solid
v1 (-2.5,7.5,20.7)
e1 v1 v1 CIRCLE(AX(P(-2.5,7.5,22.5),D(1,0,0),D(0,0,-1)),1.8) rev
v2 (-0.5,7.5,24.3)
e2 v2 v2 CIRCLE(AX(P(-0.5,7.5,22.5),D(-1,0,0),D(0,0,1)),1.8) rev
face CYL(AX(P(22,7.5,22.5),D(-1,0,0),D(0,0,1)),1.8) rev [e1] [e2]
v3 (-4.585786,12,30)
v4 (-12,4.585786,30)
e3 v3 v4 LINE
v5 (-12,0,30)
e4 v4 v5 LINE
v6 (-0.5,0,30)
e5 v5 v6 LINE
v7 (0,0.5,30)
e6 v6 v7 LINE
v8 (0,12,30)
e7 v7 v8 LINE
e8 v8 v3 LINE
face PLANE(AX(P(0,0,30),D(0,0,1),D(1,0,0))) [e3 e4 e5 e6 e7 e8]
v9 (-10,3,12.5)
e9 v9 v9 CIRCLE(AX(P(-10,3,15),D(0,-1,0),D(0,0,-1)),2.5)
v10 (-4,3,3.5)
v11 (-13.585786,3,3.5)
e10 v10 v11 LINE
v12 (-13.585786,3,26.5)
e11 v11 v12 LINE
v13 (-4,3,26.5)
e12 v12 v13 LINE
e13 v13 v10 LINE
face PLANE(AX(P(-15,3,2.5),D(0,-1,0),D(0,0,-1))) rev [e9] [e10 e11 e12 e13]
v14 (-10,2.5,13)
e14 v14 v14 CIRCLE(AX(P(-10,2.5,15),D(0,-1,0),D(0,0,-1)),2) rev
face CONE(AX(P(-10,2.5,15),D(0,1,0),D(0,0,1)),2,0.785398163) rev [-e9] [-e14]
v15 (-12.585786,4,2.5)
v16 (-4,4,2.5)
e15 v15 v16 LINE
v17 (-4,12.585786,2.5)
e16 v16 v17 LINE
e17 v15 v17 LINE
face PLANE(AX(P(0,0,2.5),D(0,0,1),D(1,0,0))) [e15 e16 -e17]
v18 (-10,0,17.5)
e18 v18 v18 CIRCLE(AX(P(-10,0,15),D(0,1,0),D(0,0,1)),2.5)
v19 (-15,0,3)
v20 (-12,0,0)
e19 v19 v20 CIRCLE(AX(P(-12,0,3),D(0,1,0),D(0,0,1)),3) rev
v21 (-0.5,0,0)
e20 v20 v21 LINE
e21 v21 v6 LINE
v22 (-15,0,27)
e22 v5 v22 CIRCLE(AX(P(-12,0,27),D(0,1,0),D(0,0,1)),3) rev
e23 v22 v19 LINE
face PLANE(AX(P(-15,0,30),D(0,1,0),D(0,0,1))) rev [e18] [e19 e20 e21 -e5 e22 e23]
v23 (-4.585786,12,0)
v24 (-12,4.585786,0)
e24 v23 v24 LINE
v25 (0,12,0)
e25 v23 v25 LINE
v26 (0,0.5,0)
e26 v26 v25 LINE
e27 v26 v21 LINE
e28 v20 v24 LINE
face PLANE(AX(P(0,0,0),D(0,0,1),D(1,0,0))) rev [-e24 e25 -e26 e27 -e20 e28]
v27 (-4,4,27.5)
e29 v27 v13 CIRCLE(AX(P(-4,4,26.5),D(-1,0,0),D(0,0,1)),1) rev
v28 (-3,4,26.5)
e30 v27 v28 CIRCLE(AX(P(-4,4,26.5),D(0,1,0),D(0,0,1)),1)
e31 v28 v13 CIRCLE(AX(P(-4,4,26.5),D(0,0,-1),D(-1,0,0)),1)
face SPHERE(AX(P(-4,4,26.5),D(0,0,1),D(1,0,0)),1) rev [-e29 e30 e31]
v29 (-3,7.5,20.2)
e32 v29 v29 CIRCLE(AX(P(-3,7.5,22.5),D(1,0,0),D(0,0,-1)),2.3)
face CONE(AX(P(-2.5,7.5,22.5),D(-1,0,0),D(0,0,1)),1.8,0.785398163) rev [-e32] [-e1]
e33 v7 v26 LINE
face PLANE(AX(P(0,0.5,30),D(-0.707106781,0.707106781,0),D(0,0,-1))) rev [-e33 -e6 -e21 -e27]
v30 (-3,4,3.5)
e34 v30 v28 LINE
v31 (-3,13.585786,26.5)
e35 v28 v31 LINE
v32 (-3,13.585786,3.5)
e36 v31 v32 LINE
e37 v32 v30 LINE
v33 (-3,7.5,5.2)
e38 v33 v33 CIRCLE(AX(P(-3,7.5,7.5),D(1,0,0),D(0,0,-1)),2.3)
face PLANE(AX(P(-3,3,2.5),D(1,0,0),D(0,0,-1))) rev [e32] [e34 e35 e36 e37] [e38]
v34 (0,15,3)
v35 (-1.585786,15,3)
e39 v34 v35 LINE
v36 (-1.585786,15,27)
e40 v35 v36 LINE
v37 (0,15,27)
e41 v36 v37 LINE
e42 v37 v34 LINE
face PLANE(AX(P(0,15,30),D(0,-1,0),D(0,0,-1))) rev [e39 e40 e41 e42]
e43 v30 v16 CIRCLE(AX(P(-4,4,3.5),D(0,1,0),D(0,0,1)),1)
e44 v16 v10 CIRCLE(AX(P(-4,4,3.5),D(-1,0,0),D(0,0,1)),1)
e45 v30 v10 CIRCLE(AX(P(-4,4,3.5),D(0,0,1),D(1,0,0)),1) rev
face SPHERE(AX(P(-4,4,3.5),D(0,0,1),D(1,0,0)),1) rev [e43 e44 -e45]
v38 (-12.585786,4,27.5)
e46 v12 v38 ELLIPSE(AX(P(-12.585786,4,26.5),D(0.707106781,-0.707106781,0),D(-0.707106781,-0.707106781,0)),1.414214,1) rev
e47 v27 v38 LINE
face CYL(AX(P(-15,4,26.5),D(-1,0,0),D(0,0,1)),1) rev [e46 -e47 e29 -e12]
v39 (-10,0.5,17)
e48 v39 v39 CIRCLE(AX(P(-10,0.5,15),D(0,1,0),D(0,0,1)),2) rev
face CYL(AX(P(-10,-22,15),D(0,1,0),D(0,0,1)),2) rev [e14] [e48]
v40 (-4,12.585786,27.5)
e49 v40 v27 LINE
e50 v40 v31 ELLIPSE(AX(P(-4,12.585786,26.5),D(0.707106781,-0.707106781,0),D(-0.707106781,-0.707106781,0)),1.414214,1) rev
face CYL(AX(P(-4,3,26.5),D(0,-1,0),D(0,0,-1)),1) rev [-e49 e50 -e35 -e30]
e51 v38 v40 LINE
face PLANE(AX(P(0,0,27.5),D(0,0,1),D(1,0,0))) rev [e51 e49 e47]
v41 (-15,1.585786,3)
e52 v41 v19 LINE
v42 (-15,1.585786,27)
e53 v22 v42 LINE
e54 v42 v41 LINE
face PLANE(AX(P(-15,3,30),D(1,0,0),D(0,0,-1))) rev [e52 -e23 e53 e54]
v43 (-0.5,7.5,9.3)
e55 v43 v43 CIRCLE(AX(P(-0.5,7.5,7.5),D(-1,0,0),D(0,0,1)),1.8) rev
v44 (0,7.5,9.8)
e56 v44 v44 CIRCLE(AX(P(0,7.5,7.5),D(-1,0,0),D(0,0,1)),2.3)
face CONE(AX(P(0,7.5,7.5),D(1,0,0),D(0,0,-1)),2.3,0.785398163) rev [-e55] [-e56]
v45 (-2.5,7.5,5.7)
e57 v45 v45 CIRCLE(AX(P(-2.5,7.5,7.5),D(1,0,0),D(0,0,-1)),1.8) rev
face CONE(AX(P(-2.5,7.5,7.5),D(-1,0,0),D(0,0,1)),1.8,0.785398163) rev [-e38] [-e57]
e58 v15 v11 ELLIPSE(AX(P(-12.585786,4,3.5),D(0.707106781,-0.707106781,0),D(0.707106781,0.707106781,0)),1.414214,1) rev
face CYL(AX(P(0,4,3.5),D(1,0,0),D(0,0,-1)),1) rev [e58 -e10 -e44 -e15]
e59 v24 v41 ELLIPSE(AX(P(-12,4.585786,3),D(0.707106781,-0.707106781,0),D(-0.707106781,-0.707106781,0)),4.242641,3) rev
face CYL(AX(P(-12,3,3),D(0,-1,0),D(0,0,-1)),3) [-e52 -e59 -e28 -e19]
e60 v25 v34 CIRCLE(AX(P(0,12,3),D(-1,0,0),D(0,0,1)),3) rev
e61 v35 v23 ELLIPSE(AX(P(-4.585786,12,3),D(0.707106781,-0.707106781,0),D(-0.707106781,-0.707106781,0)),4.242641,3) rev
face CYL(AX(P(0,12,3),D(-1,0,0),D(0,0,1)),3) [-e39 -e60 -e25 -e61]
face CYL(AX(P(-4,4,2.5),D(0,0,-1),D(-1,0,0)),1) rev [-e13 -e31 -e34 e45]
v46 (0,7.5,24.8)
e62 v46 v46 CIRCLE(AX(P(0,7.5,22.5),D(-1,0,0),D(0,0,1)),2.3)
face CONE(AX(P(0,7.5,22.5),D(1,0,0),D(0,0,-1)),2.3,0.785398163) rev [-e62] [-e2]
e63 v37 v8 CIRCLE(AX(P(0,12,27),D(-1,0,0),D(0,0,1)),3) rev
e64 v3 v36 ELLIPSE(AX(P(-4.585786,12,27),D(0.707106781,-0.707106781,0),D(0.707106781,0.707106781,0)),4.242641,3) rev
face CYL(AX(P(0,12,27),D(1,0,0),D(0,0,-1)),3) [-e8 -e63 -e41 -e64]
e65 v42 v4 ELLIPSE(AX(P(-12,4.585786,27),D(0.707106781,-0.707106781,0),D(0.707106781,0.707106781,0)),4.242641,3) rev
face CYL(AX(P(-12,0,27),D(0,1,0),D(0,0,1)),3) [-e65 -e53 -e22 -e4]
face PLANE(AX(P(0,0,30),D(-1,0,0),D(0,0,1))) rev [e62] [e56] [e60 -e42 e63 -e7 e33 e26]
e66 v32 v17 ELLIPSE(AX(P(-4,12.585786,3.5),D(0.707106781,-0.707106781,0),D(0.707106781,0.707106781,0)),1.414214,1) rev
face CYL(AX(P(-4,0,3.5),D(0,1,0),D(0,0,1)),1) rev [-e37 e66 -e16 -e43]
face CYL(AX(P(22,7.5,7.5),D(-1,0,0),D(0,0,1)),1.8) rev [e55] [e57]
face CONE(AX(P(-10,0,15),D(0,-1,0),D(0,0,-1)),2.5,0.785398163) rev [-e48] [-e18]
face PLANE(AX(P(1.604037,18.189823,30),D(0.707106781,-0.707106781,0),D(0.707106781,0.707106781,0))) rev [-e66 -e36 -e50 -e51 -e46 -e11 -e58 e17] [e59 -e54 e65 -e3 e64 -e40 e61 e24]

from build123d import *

# Parameters (mm, degrees)
BOSS_EXTRUDE1_DEPTH = 30
CUT_EXTRUDE1_START  = -2.5
CUT_EXTRUDE1_DEPTH  = 25
SKETCH4_R           = 1.8
CUT_EXTRUDE2_DEPTH  = 25
FILLET1_R           = 1
FILLET2_R           = 3
SKETCH5_R           = 2
CUT_EXTRUDE3_DEPTH  = 25
CUT_EXTRUDE4_DEPTH  = 37.742346142
CHAMFER1_SIZE       = 0.5


with BuildPart() as part:
    # Sketch1 → Boss-Extrude1 (new body)
    with BuildSketch(Plane.XY):
        Polygon((0, 0), (0, 15), (-3, 15), (-15, 3), (-15, 0), align=None)
    extrude(amount=BOSS_EXTRUDE1_DEPTH)

    # Sketch3 → Cut-Extrude1 (cut)
    with BuildSketch(Plane.XY.offset(30).offset(CUT_EXTRUDE1_START)):
        Polygon((-15, 3), (-3, 3), (-3, 15), align=None)
    extrude(amount=-CUT_EXTRUDE1_DEPTH, mode=Mode.SUBTRACT)

    # Sketch4 → Cut-Extrude2 (cut)
    with BuildSketch(Plane.ZY.offset(3)):
        with Locations((7.5, 7.5)):
            Circle(SKETCH4_R)
        with Locations((22.5, 7.5)):
            Circle(SKETCH4_R)
    extrude(amount=-CUT_EXTRUDE2_DEPTH, mode=Mode.SUBTRACT)

    # Fillet1
    fillet1_edges = [part.edges().sort_by_distance(p)[0] for p in [
        (-3, 9, 2.5),
        (-9, 3, 2.5),
        (-3, 3, 15),
        (-9, 3, 27.5),
        (-3, 9, 27.5),
    ]]
    fillet(fillet1_edges, radius=FILLET1_R)

    # Fillet2
    fillet2_edges = [part.edges().sort_by_distance(p)[0] for p in [
        (-1.5, 15, 30),
        (-15, 1.5, 30),
        (-15, 1.5, 0),
        (-1.5, 15, 0),
    ]]
    fillet(fillet2_edges, radius=FILLET2_R)

    # Sketch5 → Cut-Extrude3 (cut)
    with BuildSketch(Plane(origin=(0, 3, 0), x_dir=(1, 0, 0), z_dir=(0, 1, 0))):
        with Locations(Location((-10, -15, 0), (0, 0, 270))):
            Circle(SKETCH5_R)
    extrude(amount=-CUT_EXTRUDE3_DEPTH, mode=Mode.SUBTRACT)

    # Sketch6 → Cut-Extrude4 (cut, through all)
    with BuildSketch(Plane(origin=(0, 0, 0), x_dir=(-1, 0, 0), z_dir=(0, 0, -1))):
        Polygon((-1.604036942, 18.18982338), (17.835092671, -1.249306233), (19.956413015, 0.87201411), (-1.074092092, 21.902519217), align=None)
    extrude(amount=-CUT_EXTRUDE4_DEPTH, mode=Mode.SUBTRACT)

    # Chamfer1
    chamfer1_edges = [part.edges().sort_by_distance(p)[0] for p in [
        (0, 7.5, 5.7),
        (-3, 7.5, 5.7),
        (0, 7.5, 20.7),
        (-3, 7.5, 20.7),
        (-10, 0, 13),
        (-10, 3, 13),
        (0, 0, 15),
    ]]
    chamfer(chamfer1_edges, length=CHAMFER1_SIZE)


solid = part.part
